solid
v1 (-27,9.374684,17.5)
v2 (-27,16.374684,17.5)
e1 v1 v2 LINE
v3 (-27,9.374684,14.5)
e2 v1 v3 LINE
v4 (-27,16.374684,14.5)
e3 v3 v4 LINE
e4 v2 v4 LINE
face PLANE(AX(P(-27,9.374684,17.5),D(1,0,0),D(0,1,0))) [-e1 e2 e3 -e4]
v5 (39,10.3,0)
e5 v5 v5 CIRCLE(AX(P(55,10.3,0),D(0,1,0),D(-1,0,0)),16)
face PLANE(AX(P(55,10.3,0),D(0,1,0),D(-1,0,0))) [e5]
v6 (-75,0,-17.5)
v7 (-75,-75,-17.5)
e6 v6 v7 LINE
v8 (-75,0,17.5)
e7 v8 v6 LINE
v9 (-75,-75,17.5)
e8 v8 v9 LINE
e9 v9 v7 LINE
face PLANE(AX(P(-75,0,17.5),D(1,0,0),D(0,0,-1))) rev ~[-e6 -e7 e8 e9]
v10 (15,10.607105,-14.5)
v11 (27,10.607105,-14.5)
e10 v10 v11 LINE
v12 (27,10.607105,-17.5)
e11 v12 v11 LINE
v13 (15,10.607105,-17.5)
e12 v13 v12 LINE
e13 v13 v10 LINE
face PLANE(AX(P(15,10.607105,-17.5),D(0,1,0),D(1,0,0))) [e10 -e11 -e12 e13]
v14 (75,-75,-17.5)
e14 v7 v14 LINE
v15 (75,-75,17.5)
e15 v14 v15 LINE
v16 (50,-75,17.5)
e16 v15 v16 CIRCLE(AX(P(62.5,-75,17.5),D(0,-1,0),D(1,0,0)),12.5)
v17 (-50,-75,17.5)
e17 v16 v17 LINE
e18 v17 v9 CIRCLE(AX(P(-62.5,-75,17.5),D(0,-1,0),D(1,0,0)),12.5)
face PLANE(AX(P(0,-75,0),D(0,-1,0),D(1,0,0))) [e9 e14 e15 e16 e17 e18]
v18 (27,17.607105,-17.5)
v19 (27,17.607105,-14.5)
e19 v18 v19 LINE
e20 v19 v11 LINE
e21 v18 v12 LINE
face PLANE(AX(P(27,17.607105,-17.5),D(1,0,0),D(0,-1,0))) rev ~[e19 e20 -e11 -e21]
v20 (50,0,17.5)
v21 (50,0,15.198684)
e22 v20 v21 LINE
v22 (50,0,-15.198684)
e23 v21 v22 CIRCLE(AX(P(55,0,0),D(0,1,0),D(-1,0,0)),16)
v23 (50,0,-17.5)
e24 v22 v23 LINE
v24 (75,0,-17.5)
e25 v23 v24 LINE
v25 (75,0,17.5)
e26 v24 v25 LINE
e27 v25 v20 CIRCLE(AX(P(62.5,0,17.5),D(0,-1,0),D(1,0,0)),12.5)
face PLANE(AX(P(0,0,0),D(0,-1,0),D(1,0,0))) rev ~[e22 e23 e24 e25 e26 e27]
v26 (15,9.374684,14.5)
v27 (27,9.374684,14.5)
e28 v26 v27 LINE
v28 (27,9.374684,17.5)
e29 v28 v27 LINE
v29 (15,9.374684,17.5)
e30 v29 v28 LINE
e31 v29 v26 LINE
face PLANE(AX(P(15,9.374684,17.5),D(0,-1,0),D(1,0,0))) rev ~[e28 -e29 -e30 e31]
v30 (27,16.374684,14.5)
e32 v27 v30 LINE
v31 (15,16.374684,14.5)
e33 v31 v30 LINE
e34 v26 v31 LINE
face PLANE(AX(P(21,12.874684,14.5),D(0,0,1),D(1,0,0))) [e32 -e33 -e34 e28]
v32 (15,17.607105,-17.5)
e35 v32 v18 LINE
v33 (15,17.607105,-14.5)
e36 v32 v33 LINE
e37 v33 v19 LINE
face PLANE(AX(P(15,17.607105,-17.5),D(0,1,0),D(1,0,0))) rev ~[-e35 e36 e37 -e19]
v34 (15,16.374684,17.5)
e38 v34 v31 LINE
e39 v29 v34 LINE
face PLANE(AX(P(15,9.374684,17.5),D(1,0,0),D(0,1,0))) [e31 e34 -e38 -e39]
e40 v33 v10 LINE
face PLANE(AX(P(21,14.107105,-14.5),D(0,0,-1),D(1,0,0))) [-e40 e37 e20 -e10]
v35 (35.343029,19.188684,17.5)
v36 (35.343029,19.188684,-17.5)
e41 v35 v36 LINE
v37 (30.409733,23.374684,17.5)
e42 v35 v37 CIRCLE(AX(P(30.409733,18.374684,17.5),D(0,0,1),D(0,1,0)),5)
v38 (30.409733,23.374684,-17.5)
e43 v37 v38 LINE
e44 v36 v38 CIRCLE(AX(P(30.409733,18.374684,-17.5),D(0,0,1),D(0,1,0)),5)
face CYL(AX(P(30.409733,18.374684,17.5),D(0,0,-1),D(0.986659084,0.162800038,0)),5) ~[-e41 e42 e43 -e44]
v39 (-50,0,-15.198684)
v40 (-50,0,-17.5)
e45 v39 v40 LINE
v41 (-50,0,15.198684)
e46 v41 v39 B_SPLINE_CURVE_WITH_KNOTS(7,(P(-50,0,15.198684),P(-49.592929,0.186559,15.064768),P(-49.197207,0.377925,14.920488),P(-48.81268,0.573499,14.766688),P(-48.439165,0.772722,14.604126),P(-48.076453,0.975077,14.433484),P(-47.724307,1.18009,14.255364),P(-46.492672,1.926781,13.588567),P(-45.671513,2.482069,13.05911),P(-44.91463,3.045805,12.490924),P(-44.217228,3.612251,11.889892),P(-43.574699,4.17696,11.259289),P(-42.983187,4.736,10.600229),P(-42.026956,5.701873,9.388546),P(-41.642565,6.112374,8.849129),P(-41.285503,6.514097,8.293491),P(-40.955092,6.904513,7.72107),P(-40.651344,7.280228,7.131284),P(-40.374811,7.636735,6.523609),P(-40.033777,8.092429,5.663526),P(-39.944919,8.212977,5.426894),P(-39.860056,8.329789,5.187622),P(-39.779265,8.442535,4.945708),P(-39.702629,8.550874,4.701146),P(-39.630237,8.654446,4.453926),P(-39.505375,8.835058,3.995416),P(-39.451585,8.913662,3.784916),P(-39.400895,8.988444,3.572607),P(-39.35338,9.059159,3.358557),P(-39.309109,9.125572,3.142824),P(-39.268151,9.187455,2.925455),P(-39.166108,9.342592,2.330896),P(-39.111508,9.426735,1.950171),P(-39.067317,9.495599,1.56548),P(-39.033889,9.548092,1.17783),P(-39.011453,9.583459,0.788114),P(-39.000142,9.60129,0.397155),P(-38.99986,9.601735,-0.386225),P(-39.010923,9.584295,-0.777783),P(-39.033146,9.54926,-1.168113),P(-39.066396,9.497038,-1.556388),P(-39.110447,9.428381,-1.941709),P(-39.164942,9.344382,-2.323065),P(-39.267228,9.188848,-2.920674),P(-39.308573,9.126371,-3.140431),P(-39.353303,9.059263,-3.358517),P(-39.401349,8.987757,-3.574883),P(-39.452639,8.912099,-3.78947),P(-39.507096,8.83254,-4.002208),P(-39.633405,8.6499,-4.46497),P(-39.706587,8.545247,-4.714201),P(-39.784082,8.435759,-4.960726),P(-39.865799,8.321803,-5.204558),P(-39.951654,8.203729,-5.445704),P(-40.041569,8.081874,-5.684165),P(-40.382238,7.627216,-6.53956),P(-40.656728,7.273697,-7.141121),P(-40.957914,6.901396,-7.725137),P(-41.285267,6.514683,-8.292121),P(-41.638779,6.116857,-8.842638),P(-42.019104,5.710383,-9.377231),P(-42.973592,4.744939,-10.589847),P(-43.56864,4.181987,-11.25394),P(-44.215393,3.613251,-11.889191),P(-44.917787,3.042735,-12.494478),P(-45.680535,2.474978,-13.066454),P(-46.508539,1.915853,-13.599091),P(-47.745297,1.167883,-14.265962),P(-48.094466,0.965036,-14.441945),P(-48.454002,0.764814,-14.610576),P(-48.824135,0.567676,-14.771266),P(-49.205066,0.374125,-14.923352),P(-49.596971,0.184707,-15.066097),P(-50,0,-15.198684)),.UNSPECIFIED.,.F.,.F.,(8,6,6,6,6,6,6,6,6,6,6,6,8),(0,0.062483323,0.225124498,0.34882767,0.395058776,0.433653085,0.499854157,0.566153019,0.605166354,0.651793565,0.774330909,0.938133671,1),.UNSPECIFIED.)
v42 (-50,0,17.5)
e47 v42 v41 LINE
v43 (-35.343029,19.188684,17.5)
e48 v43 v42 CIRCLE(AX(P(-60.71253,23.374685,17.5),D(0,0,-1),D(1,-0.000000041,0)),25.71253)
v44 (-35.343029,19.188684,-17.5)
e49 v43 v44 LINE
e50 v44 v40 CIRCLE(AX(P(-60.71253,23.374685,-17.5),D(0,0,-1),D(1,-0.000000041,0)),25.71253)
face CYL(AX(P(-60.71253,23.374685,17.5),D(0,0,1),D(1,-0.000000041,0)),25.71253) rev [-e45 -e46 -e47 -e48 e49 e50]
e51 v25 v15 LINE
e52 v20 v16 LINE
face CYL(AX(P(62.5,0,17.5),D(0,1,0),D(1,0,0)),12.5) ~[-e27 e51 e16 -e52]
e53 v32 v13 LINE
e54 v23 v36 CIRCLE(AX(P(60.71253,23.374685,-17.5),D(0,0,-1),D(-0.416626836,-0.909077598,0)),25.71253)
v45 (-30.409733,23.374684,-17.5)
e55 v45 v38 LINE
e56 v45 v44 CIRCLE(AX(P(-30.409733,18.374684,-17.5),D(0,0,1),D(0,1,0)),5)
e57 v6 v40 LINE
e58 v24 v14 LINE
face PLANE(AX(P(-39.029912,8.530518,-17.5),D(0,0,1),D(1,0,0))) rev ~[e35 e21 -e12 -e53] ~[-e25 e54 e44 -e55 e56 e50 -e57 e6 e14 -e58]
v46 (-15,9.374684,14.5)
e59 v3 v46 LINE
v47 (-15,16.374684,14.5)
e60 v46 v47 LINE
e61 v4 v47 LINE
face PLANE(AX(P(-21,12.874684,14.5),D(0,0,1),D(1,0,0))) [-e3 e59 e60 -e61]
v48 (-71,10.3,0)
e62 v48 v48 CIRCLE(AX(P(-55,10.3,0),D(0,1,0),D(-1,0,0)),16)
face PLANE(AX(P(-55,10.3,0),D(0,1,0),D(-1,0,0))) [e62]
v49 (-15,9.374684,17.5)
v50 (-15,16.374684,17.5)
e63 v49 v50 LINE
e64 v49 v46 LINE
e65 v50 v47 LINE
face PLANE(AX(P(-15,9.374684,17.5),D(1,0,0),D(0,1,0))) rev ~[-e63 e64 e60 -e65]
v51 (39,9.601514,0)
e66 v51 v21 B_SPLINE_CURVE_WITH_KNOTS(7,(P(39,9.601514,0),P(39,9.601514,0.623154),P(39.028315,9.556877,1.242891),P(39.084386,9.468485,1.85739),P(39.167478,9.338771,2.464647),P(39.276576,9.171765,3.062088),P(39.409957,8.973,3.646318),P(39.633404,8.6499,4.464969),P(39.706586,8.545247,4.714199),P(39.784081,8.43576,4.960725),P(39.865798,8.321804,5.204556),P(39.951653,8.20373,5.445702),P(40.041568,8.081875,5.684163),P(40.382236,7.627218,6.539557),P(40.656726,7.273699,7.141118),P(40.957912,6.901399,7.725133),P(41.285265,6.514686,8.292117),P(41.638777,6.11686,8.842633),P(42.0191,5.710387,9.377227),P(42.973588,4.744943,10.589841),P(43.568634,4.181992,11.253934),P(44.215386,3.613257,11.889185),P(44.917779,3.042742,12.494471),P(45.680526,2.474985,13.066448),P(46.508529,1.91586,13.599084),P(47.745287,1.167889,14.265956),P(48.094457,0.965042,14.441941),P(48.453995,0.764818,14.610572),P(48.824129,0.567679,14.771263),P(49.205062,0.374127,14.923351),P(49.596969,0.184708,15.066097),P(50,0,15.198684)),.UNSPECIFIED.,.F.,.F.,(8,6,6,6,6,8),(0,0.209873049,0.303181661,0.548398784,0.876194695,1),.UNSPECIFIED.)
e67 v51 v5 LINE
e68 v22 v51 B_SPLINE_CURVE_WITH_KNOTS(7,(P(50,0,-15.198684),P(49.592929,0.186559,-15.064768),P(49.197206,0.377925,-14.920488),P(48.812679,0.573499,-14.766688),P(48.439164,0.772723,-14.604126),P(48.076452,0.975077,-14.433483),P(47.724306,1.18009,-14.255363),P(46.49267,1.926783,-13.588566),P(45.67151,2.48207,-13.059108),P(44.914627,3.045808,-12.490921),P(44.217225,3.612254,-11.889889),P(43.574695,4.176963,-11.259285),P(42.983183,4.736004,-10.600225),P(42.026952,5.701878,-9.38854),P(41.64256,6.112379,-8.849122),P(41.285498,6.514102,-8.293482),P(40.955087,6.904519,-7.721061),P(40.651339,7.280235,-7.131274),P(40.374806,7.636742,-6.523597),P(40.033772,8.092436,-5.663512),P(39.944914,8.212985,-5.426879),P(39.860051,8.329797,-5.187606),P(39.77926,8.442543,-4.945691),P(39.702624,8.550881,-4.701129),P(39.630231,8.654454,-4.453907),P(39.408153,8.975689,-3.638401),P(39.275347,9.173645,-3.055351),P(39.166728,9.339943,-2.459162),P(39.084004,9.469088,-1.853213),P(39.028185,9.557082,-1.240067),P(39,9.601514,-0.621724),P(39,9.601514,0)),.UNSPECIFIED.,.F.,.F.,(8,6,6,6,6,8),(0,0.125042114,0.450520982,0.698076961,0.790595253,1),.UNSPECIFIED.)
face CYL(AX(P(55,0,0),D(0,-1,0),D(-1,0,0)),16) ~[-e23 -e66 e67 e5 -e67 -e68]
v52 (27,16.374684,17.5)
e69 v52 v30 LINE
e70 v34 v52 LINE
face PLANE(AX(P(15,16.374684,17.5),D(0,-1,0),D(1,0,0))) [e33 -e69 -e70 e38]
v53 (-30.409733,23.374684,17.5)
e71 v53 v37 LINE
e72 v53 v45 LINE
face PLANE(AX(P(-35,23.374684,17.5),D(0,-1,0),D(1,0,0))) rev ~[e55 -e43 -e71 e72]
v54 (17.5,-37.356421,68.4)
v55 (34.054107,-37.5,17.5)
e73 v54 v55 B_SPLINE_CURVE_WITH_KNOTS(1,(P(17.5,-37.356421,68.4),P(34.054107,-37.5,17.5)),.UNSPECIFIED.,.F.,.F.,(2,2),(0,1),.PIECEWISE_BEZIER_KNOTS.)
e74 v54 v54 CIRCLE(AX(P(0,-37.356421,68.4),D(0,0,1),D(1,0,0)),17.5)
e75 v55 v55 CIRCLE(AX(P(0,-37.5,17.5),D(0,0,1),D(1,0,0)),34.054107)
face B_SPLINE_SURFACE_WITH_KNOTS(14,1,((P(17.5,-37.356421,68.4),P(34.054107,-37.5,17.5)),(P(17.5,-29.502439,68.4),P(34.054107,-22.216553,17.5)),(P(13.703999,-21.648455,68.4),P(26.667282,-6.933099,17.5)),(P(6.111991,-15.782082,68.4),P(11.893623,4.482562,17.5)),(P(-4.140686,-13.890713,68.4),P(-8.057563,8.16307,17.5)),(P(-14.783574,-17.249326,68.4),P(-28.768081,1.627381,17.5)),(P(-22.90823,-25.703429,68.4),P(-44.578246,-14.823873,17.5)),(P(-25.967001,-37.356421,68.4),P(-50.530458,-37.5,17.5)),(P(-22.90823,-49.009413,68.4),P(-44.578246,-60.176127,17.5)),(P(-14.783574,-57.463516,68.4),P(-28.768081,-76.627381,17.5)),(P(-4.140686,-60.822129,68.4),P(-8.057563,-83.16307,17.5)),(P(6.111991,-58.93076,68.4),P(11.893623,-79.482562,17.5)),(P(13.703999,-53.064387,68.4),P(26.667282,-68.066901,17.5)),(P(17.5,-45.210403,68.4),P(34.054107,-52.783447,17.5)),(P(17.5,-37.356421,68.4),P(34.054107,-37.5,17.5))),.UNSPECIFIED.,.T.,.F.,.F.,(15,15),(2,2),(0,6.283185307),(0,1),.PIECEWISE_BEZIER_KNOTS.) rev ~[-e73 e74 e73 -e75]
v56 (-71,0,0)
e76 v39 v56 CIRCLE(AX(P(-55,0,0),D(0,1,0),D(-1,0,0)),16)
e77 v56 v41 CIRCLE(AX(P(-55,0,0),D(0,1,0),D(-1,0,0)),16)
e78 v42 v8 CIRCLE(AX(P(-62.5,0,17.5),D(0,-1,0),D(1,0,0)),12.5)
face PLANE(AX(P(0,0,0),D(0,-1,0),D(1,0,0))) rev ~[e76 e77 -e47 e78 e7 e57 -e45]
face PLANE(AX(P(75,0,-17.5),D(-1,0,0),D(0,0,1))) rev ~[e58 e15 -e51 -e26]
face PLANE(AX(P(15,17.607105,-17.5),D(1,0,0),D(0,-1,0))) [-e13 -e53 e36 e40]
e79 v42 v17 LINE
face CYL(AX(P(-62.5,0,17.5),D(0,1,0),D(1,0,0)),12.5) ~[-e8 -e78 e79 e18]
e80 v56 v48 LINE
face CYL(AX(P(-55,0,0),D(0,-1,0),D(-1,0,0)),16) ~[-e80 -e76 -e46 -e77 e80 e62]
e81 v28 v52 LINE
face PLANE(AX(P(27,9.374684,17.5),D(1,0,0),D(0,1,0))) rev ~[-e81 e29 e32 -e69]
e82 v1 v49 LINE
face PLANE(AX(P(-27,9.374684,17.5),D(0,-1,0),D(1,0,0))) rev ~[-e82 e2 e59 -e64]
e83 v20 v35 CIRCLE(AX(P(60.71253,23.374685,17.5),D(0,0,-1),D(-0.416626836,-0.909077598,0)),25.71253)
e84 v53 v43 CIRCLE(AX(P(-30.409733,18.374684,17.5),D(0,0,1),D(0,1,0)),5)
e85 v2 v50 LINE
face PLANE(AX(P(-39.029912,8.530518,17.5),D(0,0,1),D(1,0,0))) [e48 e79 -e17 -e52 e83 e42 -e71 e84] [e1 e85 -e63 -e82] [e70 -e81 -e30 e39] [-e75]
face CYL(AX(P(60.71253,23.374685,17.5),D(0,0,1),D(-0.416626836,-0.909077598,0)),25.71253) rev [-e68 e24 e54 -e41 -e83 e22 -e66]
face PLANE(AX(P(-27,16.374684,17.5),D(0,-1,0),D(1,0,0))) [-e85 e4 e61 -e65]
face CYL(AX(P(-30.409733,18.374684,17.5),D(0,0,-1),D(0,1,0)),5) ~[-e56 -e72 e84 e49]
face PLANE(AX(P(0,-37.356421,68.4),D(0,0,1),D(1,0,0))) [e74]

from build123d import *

# Parameters (mm, degrees)
F1_DEPTH  = 75
F3_R      = 3.442956
F4_DEPTH  = 49.9
F5_R      = 17.5
F6_DEPTH  = 1
F6_FACE_R = 17.5
F2_R      = 34.054107
F8_W      = 70
F8_H      = 2.474771
F8_H_2    = 23.374684
F9_DEPTH  = 35
F10_R     = 5
F11_R     = 16
F12_DEPTH = 10.3
F13_W     = 12
F13_H     = 7
F14_DEPTH = 3
F15_W     = 12
F15_H     = 7
F16_DEPTH = 3


with BuildPart() as f1:
    # F0 (on Front) → F1 (new body)
    with BuildSketch(Plane.XZ):
        Polygon((75, -17.5), (75, 17.5), (50, 17.5), (-50, 17.5), (-75, 17.5), (-75, -17.5), align=None)
        with BuildLine():
            Line((50, 17.5), (75, 17.5))
            ThreePointArc((75, 17.5), (62.5, 30), (50, 17.5))
        make_face()
        with BuildLine():
            Line((-75, 17.5), (-50, 17.5))
            ThreePointArc((-50, 17.5), (-62.5, 30), (-75, 17.5))
        make_face()
    extrude(amount=F1_DEPTH)

    # F3 (on face) → F4 (join)
    with BuildSketch(Plane.XY.offset(17.5)):
        with Locations((0, -37.356421)):
            Circle(F3_R)
    extrude(amount=F4_DEPTH)

    # F5 (on face) → F6 (join)
    with BuildSketch(Plane.XY.offset(67.4)):
        with Locations((0, -37.356421)):
            Circle(F5_R)
    extrude(amount=F6_DEPTH)

    # F6_face (on face) → F7 section 0
    with BuildSketch(Plane(origin=(0, -37.356421, 68.4), x_dir=(1, 0, 0), z_dir=(0, 0, 1))):
        Circle(F6_FACE_R)
    # F2 (on face) → F7 section 1
    with BuildSketch(Plane.XY.offset(17.5)):
        with Locations((0, -37.5)):
            Circle(F2_R)
    loft()

    # F8 (on face) → F9 (join)
    with BuildSketch(Plane.XY.offset(17.5)):
        with Locations((0, -1.237386)):
            Rectangle(F8_W, F8_H)
        with BuildLine():
            Line((-50, 0), (-35, 0))
            Line((-35, 0), (-35, 23.374684))
            ThreePointArc((-35, 23.374684), (-39.072516, 9.487857), (-50, 0))
        make_face()
        with Locations((0, 11.687342)):
            Rectangle(F8_W, F8_H_2)
        with BuildLine():
            Line((35, 23.374684), (35, 0))
            Line((35, 0), (50, 0))
            ThreePointArc((50, 0), (39.072516, 9.487857), (35, 23.374684))
        make_face()
    extrude(amount=-F9_DEPTH)

    # F10
    f10_edges = [f1.edges().sort_by_distance(p)[0] for p in [
        (35, 23.374684, 0),
        (-35, 23.374684, 0),
    ]]
    fillet(f10_edges, radius=F10_R)

    # F11 (on face) → F12 (join)
    with BuildSketch(Plane(origin=(0, 0, 0), x_dir=(-1, 0, 0), z_dir=(0, 1, 0))):
        with Locations((-55, 0)):
            Circle(F11_R)
        with Locations((55, 0)):
            Circle(F11_R)
    extrude(amount=F12_DEPTH)

    # F13 (on face) → F14 (cut)
    with BuildSketch(Plane.XY.offset(17.5)):
        with Locations((21, 12.874684)):
            Rectangle(F13_W, F13_H)
        with Locations((-21, 12.874684)):
            Rectangle(F13_W, F13_H)
    extrude(amount=-F14_DEPTH, mode=Mode.SUBTRACT)

    # F15 (on face) → F16 (cut)
    with BuildSketch(Plane(origin=(0, 0, -17.5), x_dir=(1, 0, 0), z_dir=(0, 0, -1))):
        with Locations((21, -14.107105)):
            Rectangle(F15_W, F15_H)
    extrude(amount=-F16_DEPTH, mode=Mode.SUBTRACT)


solid = f1.part
